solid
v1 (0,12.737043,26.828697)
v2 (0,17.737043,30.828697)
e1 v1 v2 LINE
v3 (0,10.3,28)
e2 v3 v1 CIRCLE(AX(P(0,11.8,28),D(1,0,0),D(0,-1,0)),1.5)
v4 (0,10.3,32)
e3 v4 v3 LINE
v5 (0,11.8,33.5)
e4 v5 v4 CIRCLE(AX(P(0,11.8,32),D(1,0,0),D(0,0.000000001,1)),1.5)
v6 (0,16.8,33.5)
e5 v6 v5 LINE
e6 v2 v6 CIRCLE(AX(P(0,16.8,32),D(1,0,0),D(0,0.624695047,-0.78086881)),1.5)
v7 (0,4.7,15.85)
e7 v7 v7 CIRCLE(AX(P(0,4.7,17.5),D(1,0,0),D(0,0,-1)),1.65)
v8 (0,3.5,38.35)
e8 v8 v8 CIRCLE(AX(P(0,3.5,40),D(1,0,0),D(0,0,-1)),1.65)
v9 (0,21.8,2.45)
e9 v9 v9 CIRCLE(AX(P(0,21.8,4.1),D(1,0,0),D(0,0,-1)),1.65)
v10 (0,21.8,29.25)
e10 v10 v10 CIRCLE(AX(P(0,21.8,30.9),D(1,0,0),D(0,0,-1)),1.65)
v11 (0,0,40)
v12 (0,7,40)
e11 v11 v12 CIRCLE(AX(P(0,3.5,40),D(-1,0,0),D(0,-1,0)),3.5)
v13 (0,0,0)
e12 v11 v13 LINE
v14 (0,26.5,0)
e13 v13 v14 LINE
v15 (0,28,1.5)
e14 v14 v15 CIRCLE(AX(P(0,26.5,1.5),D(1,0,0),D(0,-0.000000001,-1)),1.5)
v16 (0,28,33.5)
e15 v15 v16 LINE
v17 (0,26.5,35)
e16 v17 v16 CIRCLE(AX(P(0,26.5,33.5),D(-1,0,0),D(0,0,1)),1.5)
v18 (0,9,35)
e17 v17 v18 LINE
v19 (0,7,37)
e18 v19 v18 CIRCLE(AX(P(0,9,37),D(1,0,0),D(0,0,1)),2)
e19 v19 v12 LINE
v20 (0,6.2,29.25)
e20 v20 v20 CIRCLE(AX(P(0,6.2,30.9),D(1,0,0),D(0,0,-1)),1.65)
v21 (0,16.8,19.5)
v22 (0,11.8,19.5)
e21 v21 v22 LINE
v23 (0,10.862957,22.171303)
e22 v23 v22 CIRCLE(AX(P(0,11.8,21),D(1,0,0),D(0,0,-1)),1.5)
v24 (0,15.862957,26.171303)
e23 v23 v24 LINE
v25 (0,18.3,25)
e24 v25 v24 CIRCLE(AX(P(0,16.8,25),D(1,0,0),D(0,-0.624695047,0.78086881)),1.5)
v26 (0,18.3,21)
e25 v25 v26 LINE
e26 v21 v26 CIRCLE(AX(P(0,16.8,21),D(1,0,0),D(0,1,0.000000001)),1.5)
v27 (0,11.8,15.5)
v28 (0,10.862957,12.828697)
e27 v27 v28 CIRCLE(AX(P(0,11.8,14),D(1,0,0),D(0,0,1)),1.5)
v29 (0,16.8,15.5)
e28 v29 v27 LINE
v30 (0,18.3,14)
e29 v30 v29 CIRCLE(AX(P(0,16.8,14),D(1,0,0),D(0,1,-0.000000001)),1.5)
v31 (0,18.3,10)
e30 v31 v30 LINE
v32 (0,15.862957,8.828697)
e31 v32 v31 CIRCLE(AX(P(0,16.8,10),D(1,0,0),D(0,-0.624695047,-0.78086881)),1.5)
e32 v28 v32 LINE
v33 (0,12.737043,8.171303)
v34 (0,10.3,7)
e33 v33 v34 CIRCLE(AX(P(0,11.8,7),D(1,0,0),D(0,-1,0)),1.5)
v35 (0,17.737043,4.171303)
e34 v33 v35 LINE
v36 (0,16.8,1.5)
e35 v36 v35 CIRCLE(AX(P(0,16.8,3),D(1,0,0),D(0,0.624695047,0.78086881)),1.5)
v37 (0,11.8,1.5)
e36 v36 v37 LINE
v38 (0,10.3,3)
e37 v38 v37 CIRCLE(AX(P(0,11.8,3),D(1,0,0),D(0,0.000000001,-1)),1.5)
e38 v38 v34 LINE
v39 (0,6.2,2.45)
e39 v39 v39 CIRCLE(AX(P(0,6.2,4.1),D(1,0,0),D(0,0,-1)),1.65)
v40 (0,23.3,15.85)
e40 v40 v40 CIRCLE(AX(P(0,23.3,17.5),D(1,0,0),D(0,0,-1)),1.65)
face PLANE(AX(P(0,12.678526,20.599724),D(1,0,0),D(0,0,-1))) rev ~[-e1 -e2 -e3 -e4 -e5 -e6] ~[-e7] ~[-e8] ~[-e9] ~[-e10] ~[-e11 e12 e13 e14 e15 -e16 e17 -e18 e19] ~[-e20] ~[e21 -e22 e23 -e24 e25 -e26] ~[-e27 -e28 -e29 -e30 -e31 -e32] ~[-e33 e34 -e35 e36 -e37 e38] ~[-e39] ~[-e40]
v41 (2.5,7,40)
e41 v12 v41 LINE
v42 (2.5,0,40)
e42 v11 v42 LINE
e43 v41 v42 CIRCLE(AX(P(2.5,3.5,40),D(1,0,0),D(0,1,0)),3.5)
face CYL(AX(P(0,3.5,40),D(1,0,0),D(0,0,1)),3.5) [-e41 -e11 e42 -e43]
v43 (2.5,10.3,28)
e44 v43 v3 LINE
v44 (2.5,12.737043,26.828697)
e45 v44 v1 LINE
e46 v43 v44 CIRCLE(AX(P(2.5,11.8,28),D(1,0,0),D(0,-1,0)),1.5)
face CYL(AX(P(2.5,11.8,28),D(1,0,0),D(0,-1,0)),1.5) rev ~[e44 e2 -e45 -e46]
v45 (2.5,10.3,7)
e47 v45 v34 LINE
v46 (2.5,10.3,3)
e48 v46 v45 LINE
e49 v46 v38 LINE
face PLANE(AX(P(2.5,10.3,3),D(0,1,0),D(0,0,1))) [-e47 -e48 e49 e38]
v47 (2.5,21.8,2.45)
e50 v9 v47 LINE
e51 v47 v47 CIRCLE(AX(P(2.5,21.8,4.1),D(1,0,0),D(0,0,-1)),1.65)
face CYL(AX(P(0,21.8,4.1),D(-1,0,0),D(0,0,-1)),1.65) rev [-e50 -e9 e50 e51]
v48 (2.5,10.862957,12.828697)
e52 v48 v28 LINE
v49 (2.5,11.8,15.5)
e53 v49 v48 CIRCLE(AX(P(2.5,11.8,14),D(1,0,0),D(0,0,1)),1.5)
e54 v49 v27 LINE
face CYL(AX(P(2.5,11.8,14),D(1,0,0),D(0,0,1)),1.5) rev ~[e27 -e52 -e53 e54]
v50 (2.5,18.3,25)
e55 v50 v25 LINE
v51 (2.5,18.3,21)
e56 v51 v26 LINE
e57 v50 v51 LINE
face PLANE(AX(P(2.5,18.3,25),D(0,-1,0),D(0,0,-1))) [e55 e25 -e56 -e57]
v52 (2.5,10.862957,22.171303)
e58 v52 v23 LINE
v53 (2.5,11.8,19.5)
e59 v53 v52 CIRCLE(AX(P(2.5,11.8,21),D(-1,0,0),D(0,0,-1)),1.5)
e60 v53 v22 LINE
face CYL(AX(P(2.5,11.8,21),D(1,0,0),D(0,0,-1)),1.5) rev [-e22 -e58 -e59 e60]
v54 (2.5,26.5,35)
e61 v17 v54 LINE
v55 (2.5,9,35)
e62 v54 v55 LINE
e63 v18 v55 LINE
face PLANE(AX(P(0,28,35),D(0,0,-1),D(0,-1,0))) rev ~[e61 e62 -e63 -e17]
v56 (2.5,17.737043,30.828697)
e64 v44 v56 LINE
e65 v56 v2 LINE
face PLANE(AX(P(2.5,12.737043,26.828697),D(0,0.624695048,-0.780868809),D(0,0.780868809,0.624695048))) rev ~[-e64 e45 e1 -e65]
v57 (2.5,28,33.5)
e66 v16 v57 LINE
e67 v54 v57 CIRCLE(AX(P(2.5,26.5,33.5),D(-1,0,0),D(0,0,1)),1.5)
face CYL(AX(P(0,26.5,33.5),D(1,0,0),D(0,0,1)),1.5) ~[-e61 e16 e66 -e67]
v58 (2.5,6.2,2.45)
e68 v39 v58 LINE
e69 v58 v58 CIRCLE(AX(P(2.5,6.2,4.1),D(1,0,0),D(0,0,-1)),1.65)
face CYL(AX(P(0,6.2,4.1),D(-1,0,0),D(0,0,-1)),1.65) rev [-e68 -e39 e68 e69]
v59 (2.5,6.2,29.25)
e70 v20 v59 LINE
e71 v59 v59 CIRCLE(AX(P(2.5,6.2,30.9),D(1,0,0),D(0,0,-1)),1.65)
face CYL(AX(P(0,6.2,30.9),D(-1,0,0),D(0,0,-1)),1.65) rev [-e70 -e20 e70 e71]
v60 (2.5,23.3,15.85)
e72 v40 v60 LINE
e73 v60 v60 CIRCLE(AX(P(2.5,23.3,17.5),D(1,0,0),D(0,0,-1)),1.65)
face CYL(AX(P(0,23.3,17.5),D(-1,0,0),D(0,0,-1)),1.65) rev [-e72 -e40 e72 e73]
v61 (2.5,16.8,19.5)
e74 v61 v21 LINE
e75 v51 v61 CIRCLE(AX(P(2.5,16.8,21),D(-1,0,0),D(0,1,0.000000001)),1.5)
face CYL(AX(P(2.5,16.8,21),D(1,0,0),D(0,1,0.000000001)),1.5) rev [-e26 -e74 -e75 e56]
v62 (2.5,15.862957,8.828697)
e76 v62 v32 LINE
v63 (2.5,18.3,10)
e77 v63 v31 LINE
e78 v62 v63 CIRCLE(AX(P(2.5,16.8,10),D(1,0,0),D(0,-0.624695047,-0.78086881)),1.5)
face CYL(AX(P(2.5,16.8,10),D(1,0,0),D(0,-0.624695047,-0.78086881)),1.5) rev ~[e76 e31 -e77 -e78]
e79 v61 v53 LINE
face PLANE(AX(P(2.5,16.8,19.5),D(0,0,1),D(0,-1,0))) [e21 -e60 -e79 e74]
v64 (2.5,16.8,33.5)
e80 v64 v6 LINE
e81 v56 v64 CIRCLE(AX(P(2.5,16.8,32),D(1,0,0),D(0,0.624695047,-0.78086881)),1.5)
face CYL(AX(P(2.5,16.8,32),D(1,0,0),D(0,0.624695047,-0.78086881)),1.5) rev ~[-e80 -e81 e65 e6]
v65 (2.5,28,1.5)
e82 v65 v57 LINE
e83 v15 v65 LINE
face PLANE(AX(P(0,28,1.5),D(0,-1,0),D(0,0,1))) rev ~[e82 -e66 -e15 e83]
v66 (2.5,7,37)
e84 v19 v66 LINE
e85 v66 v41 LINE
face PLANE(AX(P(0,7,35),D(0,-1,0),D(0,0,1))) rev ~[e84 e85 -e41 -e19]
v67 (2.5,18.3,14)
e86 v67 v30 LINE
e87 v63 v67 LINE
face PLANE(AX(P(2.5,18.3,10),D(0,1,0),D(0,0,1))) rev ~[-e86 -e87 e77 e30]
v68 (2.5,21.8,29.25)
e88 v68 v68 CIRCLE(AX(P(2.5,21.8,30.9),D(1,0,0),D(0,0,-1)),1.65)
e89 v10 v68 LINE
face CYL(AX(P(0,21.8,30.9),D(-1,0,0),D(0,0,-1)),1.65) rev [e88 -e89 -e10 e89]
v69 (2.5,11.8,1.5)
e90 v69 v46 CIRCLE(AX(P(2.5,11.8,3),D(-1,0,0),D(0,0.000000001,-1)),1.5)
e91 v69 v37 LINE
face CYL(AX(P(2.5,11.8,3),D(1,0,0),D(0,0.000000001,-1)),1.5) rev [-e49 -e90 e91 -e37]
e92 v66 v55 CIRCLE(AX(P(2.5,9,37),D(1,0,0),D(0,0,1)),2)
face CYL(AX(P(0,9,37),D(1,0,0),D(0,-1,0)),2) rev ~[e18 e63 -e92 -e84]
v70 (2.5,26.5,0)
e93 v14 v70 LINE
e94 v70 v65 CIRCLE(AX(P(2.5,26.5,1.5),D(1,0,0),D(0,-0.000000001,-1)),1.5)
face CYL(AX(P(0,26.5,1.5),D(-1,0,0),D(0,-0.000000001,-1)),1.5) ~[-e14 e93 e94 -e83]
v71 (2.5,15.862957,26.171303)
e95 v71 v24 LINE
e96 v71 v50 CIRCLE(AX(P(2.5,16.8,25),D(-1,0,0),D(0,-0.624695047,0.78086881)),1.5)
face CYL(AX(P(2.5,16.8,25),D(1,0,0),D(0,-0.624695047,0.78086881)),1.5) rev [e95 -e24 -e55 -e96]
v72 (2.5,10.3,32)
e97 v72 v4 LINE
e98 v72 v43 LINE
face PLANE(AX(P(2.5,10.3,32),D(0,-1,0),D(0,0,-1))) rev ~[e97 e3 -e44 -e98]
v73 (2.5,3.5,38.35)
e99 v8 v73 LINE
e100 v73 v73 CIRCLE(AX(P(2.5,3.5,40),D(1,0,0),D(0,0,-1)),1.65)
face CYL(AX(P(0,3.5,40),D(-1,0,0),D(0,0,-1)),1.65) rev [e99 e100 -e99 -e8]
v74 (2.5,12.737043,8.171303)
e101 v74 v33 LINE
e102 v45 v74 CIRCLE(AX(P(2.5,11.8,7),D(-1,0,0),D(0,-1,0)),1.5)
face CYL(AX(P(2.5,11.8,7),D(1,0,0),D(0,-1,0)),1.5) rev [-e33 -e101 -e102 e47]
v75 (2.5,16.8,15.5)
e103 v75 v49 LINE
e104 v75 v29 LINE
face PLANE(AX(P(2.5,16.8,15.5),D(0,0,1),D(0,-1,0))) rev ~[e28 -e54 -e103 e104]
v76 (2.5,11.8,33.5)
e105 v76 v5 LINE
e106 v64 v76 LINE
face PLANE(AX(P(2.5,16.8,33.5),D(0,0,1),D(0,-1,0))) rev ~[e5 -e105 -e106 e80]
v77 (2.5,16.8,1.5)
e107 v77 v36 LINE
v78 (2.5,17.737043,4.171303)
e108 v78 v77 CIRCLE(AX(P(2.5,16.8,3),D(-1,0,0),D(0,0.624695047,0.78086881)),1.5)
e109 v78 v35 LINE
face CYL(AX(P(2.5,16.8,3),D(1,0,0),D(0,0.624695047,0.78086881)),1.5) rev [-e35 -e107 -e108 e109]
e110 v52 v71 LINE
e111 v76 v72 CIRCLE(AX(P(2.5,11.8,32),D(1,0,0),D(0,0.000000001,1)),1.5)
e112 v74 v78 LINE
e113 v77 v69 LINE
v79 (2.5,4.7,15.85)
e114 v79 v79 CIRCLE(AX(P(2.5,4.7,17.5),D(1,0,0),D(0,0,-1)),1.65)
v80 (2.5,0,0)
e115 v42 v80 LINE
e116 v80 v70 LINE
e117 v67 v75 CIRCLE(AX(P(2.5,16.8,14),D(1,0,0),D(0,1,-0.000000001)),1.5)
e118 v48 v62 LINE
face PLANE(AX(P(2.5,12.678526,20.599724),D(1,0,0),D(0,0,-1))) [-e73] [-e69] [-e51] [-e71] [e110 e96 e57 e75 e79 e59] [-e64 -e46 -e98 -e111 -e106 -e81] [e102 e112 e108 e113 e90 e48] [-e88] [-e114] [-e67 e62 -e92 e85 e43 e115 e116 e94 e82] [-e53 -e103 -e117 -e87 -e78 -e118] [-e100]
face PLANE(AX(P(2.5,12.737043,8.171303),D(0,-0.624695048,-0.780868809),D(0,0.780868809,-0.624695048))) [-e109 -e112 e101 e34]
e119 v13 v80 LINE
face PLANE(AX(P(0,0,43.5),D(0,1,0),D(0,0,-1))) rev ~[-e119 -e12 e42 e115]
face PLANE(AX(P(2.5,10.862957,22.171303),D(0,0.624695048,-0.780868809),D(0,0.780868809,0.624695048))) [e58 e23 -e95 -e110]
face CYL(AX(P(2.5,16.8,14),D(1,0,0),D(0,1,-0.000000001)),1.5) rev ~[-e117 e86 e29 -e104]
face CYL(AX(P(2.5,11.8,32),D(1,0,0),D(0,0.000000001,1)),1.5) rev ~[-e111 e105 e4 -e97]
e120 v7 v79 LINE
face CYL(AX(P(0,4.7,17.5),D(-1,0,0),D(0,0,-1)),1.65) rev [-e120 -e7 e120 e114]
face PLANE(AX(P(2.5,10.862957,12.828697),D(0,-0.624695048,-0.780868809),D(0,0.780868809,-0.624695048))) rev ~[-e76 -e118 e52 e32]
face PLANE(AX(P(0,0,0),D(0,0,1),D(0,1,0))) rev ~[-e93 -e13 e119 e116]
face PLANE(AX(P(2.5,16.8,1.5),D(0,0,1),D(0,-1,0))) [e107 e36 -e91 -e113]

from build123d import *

# Parameters (mm, degrees)
IZIM1_R                     = 1.65
Y_KSEKLIK_EKSTR_ZYON1_DEPTH = 2.5
RADYUS1_RADIUS              = 3.5
RADYUS1_LENGTH              = 2.5
RADYUS3_R                   = 2
RADYUS4_R                   = 1.5
KES_EKSTR_ZYON1_DEPTH       = 52.79285665


with BuildPart() as part:
    # Çizim1 → Yükseklik-Ekstrüzyon1 (new body)
    with BuildSketch(Plane(origin=(0, 0, 0), x_dir=(0, 0, -1), z_dir=(1, 0, 0))):
        with BuildLine():
            Line((0, 0), (0, 26.5))
            ThreePointArc((0, 26.5), (-0.439339828, 27.560660172), (-1.5, 28))
            Line((-1.5, 28), (-35, 28))
            Line((-35, 28), (-35, 7))
            Line((-35, 7), (-43.5, 7))
            Line((-43.5, 7), (-43.5, 0))
            Line((-43.5, 0), (0, 0))
        make_face()
        with Locations((-17.5, 23.3)):
            Circle(IZIM1_R, mode=Mode.SUBTRACT)
        with Locations((-17.5, 4.7)):
            Circle(IZIM1_R, mode=Mode.SUBTRACT)
        with Locations((-30.9, 6.2)):
            Circle(IZIM1_R, mode=Mode.SUBTRACT)
        with Locations((-30.9, 21.8)):
            Circle(IZIM1_R, mode=Mode.SUBTRACT)
        with Locations((-4.1, 6.2)):
            Circle(IZIM1_R, mode=Mode.SUBTRACT)
        with Locations((-4.1, 21.8)):
            Circle(IZIM1_R, mode=Mode.SUBTRACT)
        with Locations((-40, 3.5)):
            Circle(IZIM1_R, mode=Mode.SUBTRACT)
    extrude(amount=Y_KSEKLIK_EKSTR_ZYON1_DEPTH)

    # Radyus1: full round fillet: the end face becomes a half cylinder, R = half its width
    radyus1_face = Plane((1.25, 3.5, 43.5), x_dir=(1, 0, 0), z_dir=(0, 0, 1))  # on the end face: x along it, z out of the body
    radyus1_slab = radyus1_face.offset(-RADYUS1_RADIUS / 2) * Box(RADYUS1_LENGTH, 2 * RADYUS1_RADIUS, RADYUS1_RADIUS, mode=Mode.PRIVATE)  # the body's end, R deep
    radyus1_round = Plane((1.25, 3.5, 40), x_dir=(0, 0, 1), z_dir=(1, 0, 0)) * Cylinder(RADYUS1_RADIUS, RADYUS1_LENGTH, mode=Mode.PRIVATE)  # its axis R under the face
    add(radyus1_slab - radyus1_round, mode=Mode.SUBTRACT)

    # Radyus3
    radyus3_edges = [part.edges().sort_by_distance(p)[0] for p in [
        (1.25, 7, 35),
    ]]
    fillet(radyus3_edges, radius=RADYUS3_R)

    # Radyus4
    radyus4_edges = [part.edges().sort_by_distance(p)[0] for p in [
        (1.25, 28, 35),
    ]]
    fillet(radyus4_edges, radius=RADYUS4_R)

    # Çizim2 → Kes-Ekstrüzyon1 (cut, through all)
    with BuildSketch(Plane(origin=(2.5, 0, 0), x_dir=(0, 0, -1), z_dir=(1, 0, 0))):
        with BuildLine():
            Line((-33.5, 16.8), (-33.5, 11.8))
            ThreePointArc((-33.5, 11.8), (-33.060660172, 10.739339828), (-32, 10.3))
            Line((-32, 10.3), (-28, 10.3))
            ThreePointArc((-28, 10.3), (-26.648045146, 11.150216904), (-26.828696786, 12.737042571))
            Line((-26.828696786, 12.737042571), (-30.828696786, 17.737042571))
            ThreePointArc((-30.828696786, 17.737042571), (-32.496510412, 18.215442479), (-33.5, 16.8))
        make_face()
        with BuildLine():
            Line((-25, 18.3), (-21, 18.3))
            ThreePointArc((-21, 18.3), (-19.939339828, 17.860660172), (-19.5, 16.8))
            Line((-19.5, 16.8), (-19.5, 11.8))
            ThreePointArc((-19.5, 11.8), (-20.503489588, 10.384557521), (-22.171303214, 10.862957429))
            Line((-22.171303214, 10.862957429), (-26.171303214, 15.862957429))
            ThreePointArc((-26.171303214, 15.862957429), (-26.351954854, 17.449783096), (-25, 18.3))
        make_face()
        with BuildLine():
            Line((-12.828696786, 10.862957429), (-8.828696786, 15.862957429))
            ThreePointArc((-8.828696786, 15.862957429), (-8.648045146, 17.449783096), (-10, 18.3))
            Line((-10, 18.3), (-14, 18.3))
            ThreePointArc((-14, 18.3), (-15.060660172, 17.860660172), (-15.5, 16.8))
            Line((-15.5, 16.8), (-15.5, 11.8))
            ThreePointArc((-15.5, 11.8), (-14.496510412, 10.384557521), (-12.828696786, 10.862957429))
        make_face()
        with BuildLine():
            Line((-8.171303214, 12.737042571), (-4.171303214, 17.737042571))
            ThreePointArc((-4.171303214, 17.737042571), (-2.503489588, 18.215442479), (-1.5, 16.8))
            Line((-1.5, 16.8), (-1.5, 11.8))
            ThreePointArc((-1.5, 11.8), (-1.939339828, 10.739339828), (-3, 10.3))
            Line((-3, 10.3), (-7, 10.3))
            ThreePointArc((-7, 10.3), (-8.351954854, 11.150216904), (-8.171303214, 12.737042571))
        make_face()
    extrude(amount=-KES_EKSTR_ZYON1_DEPTH, mode=Mode.SUBTRACT)


solid = part.part
